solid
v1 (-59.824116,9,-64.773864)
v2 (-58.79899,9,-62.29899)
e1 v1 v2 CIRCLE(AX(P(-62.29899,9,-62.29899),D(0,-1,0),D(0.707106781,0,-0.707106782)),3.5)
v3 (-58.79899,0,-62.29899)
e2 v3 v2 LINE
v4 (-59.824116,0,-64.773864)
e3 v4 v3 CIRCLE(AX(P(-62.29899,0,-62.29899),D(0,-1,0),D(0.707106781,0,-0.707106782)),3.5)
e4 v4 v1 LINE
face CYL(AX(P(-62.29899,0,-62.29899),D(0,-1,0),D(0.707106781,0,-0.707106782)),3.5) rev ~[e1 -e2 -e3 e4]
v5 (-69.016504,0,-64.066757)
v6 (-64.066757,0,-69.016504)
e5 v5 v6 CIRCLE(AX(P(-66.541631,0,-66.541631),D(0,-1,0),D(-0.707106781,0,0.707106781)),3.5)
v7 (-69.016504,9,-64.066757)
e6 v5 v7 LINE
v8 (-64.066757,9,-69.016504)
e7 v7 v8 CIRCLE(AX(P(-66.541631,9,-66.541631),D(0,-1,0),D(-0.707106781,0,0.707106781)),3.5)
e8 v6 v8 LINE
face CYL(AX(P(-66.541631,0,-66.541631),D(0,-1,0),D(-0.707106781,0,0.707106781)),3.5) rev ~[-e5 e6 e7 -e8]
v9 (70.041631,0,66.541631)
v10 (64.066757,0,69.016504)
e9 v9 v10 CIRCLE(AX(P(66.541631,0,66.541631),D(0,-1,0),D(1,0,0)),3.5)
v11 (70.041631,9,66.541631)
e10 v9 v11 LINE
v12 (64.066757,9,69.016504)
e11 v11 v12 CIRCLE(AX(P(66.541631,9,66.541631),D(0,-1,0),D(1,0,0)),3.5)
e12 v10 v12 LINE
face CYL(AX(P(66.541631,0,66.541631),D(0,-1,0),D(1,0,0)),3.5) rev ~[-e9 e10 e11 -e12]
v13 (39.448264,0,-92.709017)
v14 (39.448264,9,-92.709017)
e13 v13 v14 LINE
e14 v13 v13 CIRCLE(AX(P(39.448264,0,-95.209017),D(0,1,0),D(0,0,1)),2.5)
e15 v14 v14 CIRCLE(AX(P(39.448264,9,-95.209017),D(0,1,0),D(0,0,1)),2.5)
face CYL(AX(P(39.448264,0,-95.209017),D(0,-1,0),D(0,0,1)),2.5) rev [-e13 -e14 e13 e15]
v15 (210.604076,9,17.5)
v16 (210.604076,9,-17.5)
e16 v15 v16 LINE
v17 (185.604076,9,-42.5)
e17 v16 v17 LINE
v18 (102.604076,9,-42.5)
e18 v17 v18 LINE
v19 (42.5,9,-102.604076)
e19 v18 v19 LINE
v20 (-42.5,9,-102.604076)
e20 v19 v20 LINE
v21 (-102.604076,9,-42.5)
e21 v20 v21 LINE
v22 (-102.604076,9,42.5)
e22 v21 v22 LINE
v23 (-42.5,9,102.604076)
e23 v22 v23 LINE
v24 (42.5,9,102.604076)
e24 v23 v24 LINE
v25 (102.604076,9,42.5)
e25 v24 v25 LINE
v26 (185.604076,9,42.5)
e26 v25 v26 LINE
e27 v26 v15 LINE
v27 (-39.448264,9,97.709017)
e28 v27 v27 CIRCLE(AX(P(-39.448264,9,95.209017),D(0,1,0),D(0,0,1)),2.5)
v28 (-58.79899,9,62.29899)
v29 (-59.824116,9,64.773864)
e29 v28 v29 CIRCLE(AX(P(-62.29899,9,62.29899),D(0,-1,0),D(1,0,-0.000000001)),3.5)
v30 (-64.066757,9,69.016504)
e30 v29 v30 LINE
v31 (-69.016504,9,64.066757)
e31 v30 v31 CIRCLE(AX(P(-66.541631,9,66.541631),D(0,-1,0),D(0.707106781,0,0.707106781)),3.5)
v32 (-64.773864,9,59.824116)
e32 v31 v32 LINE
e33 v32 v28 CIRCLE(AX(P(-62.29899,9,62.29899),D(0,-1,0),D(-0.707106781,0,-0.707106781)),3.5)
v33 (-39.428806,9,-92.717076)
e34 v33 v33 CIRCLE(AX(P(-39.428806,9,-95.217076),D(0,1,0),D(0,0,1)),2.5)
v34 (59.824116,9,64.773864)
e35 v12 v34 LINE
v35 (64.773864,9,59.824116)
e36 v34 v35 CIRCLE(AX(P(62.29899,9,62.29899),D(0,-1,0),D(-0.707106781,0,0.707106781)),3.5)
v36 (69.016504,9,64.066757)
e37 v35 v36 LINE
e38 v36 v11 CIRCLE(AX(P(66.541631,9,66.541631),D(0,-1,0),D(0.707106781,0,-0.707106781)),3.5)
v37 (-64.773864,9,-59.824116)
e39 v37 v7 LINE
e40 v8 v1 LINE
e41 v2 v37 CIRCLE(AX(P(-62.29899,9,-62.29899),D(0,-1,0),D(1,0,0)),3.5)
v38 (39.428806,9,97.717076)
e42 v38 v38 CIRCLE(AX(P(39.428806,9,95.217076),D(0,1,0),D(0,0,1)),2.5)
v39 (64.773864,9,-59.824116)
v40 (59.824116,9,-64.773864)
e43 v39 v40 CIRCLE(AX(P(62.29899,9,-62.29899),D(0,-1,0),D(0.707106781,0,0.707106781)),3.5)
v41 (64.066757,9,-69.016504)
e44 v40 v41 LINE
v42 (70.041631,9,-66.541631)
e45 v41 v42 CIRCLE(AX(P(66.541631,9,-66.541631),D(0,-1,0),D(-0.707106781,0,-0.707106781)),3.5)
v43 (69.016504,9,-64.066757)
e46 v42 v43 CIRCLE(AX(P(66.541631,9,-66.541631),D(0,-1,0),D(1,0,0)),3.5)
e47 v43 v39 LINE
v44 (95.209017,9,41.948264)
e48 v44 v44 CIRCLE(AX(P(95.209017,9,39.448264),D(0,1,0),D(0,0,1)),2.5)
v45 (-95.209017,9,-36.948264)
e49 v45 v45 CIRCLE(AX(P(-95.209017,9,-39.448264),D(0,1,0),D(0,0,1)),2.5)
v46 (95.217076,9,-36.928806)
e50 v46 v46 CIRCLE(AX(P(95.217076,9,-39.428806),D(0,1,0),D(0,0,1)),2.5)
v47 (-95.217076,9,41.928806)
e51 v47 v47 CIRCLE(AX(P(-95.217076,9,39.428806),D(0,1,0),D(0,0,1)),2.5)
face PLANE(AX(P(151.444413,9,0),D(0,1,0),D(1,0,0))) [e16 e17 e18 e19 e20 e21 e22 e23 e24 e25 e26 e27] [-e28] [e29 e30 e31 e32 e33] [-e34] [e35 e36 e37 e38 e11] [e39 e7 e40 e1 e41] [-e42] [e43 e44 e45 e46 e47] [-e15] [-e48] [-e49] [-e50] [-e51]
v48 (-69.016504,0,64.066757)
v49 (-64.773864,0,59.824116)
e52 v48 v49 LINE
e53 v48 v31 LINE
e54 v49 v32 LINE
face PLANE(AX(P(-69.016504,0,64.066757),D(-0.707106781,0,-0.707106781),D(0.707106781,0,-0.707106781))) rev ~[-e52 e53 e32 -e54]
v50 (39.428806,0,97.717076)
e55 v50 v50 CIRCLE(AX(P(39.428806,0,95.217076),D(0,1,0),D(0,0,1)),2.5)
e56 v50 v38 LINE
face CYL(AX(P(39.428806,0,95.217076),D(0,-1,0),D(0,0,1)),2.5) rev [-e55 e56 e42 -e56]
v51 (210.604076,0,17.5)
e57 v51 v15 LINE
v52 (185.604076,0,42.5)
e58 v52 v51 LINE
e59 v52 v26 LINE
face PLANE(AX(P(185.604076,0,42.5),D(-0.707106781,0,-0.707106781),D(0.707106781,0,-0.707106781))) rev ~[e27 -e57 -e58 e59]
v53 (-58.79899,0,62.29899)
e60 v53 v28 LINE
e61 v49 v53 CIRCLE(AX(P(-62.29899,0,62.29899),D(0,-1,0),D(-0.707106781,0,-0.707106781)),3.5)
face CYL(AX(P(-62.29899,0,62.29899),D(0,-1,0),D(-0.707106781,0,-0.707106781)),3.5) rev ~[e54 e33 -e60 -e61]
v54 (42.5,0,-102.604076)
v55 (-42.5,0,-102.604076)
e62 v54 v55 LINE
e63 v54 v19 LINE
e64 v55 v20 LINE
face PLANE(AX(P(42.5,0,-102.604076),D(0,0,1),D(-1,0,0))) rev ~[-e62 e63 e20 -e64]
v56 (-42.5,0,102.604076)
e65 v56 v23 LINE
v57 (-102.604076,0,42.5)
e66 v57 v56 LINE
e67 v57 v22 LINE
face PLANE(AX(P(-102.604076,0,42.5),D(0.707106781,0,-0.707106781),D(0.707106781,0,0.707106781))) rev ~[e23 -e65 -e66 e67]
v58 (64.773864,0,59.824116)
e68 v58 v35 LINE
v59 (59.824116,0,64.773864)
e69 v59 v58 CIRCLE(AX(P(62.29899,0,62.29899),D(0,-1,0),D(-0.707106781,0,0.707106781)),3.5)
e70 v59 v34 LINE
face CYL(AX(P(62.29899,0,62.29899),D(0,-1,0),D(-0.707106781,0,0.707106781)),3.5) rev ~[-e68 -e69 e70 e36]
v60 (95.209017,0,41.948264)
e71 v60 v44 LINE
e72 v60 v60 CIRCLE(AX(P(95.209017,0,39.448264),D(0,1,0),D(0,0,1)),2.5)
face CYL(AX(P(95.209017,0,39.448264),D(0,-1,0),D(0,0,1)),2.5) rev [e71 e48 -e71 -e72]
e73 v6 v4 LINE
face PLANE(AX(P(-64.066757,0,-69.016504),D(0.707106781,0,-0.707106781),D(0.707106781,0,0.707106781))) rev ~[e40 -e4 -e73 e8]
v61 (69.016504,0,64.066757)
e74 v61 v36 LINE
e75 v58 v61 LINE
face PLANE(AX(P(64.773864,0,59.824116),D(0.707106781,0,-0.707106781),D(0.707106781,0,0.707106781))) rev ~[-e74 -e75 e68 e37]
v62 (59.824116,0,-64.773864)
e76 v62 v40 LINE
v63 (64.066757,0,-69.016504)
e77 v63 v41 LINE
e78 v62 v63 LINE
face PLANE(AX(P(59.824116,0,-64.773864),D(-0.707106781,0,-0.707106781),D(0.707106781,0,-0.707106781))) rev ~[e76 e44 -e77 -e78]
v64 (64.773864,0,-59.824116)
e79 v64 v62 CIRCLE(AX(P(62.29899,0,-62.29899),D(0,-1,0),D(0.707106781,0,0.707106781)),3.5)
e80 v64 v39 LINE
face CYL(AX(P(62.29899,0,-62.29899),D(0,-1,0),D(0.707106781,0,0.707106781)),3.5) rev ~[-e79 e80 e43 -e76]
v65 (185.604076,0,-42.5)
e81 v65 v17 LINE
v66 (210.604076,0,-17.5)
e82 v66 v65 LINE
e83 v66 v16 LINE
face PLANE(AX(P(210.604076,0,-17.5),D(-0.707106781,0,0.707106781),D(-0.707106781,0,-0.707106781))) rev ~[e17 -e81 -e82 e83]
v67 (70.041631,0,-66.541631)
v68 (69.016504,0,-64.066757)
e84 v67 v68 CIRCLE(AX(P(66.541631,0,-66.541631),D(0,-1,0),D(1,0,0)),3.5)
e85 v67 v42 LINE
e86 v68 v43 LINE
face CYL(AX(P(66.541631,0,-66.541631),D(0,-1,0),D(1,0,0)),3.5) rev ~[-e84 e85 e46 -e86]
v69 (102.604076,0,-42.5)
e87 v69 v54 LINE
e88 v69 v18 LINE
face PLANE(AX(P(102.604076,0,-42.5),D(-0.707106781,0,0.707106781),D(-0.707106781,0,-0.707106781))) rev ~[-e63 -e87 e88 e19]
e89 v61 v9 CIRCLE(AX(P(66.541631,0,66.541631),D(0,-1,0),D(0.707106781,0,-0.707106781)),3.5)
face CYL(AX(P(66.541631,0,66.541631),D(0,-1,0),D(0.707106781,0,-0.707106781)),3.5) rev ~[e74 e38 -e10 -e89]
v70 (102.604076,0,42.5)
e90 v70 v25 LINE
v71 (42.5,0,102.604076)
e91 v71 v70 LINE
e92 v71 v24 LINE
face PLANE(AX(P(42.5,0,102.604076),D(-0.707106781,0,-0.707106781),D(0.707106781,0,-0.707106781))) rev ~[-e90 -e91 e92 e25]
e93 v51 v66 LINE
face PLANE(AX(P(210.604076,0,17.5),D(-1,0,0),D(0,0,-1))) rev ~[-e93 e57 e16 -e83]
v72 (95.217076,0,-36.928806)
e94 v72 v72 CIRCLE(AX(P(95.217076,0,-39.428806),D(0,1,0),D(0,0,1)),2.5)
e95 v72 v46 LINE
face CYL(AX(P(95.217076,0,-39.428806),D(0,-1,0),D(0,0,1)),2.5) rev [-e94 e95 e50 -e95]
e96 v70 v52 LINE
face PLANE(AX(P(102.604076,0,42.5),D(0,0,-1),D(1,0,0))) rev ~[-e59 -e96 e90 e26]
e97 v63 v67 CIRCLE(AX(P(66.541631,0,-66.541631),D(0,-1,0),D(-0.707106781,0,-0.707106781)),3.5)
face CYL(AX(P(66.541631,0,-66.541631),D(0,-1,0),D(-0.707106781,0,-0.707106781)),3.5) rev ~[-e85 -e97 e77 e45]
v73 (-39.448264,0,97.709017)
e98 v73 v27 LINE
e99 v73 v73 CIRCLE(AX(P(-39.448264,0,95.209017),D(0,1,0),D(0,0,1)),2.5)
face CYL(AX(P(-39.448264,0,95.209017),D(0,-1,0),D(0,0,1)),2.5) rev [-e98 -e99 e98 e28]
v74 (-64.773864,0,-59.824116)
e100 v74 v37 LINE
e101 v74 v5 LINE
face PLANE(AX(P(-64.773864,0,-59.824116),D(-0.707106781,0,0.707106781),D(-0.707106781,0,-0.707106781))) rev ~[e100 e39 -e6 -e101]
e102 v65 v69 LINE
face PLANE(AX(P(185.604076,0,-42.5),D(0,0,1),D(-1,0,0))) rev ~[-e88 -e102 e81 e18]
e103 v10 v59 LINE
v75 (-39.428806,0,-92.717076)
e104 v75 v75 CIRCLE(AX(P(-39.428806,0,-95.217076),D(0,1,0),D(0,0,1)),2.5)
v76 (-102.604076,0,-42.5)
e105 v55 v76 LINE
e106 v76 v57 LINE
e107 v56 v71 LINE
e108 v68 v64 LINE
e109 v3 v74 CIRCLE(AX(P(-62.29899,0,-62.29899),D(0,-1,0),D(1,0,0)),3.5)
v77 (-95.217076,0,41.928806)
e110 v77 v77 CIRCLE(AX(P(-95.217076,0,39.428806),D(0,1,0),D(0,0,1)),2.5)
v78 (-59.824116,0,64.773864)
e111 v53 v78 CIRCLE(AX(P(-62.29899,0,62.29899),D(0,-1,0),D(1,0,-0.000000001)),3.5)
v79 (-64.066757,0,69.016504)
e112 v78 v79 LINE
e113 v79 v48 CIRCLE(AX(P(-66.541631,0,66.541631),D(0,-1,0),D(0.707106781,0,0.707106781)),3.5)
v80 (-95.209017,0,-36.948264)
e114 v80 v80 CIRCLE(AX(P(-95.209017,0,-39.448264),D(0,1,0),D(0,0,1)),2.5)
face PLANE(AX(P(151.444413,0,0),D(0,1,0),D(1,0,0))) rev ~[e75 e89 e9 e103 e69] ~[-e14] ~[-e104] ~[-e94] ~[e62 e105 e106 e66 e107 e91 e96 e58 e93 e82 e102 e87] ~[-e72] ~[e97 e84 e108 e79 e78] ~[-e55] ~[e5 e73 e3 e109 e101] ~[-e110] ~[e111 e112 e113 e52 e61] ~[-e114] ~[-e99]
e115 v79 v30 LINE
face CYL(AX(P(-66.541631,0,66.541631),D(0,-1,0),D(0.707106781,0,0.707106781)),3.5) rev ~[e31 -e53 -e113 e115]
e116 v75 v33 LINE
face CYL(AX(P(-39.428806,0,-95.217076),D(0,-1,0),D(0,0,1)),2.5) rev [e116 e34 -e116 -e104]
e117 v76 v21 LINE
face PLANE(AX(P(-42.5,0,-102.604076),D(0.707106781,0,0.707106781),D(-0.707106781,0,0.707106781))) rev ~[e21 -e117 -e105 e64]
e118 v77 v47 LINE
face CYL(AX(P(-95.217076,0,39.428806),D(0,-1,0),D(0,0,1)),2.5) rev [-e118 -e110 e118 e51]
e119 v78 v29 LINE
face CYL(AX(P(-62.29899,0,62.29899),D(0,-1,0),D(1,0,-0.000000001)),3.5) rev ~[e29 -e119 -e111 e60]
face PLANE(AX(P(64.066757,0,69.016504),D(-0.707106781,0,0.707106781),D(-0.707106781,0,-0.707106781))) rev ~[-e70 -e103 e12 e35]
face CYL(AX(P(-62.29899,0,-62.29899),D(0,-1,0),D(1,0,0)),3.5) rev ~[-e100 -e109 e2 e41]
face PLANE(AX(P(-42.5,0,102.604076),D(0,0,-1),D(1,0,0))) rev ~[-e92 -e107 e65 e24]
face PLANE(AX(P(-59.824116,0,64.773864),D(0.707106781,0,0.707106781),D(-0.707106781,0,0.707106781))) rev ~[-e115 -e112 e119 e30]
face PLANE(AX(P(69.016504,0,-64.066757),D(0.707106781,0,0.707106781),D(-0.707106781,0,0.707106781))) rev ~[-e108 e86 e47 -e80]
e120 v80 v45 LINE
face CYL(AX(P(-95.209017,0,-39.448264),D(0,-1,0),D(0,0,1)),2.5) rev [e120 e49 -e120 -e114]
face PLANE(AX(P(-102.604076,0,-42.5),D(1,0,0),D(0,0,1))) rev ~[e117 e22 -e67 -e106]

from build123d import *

# Parameters (mm, degrees)
SKETCH1_R           = 2.5
BOSS_EXTRUDE1_DEPTH = 9


with BuildPart() as part:
    # Sketch1 → Boss-Extrude1 (new body)
    # profile 1 of 2: a face of its own
    with BuildSketch(Plane(origin=(0, 0, 0), x_dir=(1, 0, 0), z_dir=(0, 1, 0))):
        Polygon((42.5, 102.604076401), (-42.5, 102.604076401), (-102.604076401, 42.5), (-102.604076401, -42.5), (-42.5, -102.604076401), (42.5, -102.604076401), (102.604076401, -42.5), (102.604076401, 42.5), align=None)
        with Locations(Location((-39.448264129, -95.209016687, 0), (0, 0, 270))):
            Circle(SKETCH1_R, mode=Mode.SUBTRACT)
        with BuildLine():
            Line((-59.824116139, -64.773863607), (-64.066756826, -69.016504294))
            ThreePointArc((-64.066756826, -69.016504294), (-69.016504294, -69.016504294), (-69.016504294, -64.066756826))
            Line((-69.016504294, -64.066756826), (-64.773863607, -59.824116139))
            ThreePointArc((-64.773863607, -59.824116139), (-60.95959786, -59.065411509), (-58.798989873, -62.298989873))
            ThreePointArc((-58.798989873, -62.298989873), (-59.065411509, -63.638381887), (-59.824116139, -64.773863607))
        make_face(mode=Mode.SUBTRACT)
        with Locations(Location((39.428806258, -95.217076401, 0), (0, 0, 270))):
            Circle(SKETCH1_R, mode=Mode.SUBTRACT)
        with Locations(Location((-95.217076401, -39.428806258, 0), (0, 0, 270))):
            Circle(SKETCH1_R, mode=Mode.SUBTRACT)
        with BuildLine():
            Line((64.773863607, -59.824116139), (69.016504294, -64.066756826))
            ThreePointArc((69.016504294, -64.066756826), (69.775208924, -65.202238547), (70.04163056, -66.54163056))
            ThreePointArc((70.04163056, -66.54163056), (67.881022574, -69.775208924), (64.066756826, -69.016504294))
            Line((64.066756826, -69.016504294), (59.824116139, -64.773863607))
            ThreePointArc((59.824116139, -64.773863607), (59.824116139, -59.824116139), (64.773863607, -59.824116139))
        make_face(mode=Mode.SUBTRACT)
        with Locations(Location((95.209016687, -39.448264129, 0), (0, 0, 270))):
            Circle(SKETCH1_R, mode=Mode.SUBTRACT)
        with Locations(Location((-95.209016687, 39.448264129, 0), (0, 0, 270))):
            Circle(SKETCH1_R, mode=Mode.SUBTRACT)
        with BuildLine():
            Line((-64.773863607, 59.824116139), (-69.016504294, 64.066756826))
            ThreePointArc((-69.016504294, 64.066756826), (-69.016504294, 69.016504294), (-64.066756826, 69.016504294))
            Line((-64.066756826, 69.016504294), (-59.824116139, 64.773863607))
            ThreePointArc((-59.824116139, 64.773863607), (-59.065411509, 63.638381887), (-58.798989873, 62.298989873))
            ThreePointArc((-58.798989873, 62.298989873), (-60.95959786, 59.065411509), (-64.773863607, 59.824116139))
        make_face(mode=Mode.SUBTRACT)
        with Locations(Location((-39.428806258, 95.217076401, 0), (0, 0, 270))):
            Circle(SKETCH1_R, mode=Mode.SUBTRACT)
        with Locations(Location((39.448264129, 95.209016687, 0), (0, 0, 270))):
            Circle(SKETCH1_R, mode=Mode.SUBTRACT)
        with Locations(Location((95.217076401, 39.428806258, 0), (0, 0, 270))):
            Circle(SKETCH1_R, mode=Mode.SUBTRACT)
        with BuildLine():
            Line((59.824116139, 64.773863607), (64.066756826, 69.016504294))
            ThreePointArc((64.066756826, 69.016504294), (67.881022574, 69.775208924), (70.04163056, 66.54163056))
            ThreePointArc((70.04163056, 66.54163056), (69.775208924, 65.202238547), (69.016504294, 64.066756826))
            Line((69.016504294, 64.066756826), (64.773863607, 59.824116139))
            ThreePointArc((64.773863607, 59.824116139), (59.824116139, 59.824116139), (59.824116139, 64.773863607))
        make_face(mode=Mode.SUBTRACT)
    # profile 2 of 2: a face of its own
    with BuildSketch(Plane(origin=(0, 0, 0), x_dir=(1, 0, 0), z_dir=(0, 1, 0))):
        Polygon((102.604076401, -42.5), (185.604076401, -42.5), (210.604076401, -17.5), (210.604076401, 17.5), (185.604076401, 42.5), (102.604076401, 42.5), align=None)
    extrude(amount=BOSS_EXTRUDE1_DEPTH)


solid = part.part
